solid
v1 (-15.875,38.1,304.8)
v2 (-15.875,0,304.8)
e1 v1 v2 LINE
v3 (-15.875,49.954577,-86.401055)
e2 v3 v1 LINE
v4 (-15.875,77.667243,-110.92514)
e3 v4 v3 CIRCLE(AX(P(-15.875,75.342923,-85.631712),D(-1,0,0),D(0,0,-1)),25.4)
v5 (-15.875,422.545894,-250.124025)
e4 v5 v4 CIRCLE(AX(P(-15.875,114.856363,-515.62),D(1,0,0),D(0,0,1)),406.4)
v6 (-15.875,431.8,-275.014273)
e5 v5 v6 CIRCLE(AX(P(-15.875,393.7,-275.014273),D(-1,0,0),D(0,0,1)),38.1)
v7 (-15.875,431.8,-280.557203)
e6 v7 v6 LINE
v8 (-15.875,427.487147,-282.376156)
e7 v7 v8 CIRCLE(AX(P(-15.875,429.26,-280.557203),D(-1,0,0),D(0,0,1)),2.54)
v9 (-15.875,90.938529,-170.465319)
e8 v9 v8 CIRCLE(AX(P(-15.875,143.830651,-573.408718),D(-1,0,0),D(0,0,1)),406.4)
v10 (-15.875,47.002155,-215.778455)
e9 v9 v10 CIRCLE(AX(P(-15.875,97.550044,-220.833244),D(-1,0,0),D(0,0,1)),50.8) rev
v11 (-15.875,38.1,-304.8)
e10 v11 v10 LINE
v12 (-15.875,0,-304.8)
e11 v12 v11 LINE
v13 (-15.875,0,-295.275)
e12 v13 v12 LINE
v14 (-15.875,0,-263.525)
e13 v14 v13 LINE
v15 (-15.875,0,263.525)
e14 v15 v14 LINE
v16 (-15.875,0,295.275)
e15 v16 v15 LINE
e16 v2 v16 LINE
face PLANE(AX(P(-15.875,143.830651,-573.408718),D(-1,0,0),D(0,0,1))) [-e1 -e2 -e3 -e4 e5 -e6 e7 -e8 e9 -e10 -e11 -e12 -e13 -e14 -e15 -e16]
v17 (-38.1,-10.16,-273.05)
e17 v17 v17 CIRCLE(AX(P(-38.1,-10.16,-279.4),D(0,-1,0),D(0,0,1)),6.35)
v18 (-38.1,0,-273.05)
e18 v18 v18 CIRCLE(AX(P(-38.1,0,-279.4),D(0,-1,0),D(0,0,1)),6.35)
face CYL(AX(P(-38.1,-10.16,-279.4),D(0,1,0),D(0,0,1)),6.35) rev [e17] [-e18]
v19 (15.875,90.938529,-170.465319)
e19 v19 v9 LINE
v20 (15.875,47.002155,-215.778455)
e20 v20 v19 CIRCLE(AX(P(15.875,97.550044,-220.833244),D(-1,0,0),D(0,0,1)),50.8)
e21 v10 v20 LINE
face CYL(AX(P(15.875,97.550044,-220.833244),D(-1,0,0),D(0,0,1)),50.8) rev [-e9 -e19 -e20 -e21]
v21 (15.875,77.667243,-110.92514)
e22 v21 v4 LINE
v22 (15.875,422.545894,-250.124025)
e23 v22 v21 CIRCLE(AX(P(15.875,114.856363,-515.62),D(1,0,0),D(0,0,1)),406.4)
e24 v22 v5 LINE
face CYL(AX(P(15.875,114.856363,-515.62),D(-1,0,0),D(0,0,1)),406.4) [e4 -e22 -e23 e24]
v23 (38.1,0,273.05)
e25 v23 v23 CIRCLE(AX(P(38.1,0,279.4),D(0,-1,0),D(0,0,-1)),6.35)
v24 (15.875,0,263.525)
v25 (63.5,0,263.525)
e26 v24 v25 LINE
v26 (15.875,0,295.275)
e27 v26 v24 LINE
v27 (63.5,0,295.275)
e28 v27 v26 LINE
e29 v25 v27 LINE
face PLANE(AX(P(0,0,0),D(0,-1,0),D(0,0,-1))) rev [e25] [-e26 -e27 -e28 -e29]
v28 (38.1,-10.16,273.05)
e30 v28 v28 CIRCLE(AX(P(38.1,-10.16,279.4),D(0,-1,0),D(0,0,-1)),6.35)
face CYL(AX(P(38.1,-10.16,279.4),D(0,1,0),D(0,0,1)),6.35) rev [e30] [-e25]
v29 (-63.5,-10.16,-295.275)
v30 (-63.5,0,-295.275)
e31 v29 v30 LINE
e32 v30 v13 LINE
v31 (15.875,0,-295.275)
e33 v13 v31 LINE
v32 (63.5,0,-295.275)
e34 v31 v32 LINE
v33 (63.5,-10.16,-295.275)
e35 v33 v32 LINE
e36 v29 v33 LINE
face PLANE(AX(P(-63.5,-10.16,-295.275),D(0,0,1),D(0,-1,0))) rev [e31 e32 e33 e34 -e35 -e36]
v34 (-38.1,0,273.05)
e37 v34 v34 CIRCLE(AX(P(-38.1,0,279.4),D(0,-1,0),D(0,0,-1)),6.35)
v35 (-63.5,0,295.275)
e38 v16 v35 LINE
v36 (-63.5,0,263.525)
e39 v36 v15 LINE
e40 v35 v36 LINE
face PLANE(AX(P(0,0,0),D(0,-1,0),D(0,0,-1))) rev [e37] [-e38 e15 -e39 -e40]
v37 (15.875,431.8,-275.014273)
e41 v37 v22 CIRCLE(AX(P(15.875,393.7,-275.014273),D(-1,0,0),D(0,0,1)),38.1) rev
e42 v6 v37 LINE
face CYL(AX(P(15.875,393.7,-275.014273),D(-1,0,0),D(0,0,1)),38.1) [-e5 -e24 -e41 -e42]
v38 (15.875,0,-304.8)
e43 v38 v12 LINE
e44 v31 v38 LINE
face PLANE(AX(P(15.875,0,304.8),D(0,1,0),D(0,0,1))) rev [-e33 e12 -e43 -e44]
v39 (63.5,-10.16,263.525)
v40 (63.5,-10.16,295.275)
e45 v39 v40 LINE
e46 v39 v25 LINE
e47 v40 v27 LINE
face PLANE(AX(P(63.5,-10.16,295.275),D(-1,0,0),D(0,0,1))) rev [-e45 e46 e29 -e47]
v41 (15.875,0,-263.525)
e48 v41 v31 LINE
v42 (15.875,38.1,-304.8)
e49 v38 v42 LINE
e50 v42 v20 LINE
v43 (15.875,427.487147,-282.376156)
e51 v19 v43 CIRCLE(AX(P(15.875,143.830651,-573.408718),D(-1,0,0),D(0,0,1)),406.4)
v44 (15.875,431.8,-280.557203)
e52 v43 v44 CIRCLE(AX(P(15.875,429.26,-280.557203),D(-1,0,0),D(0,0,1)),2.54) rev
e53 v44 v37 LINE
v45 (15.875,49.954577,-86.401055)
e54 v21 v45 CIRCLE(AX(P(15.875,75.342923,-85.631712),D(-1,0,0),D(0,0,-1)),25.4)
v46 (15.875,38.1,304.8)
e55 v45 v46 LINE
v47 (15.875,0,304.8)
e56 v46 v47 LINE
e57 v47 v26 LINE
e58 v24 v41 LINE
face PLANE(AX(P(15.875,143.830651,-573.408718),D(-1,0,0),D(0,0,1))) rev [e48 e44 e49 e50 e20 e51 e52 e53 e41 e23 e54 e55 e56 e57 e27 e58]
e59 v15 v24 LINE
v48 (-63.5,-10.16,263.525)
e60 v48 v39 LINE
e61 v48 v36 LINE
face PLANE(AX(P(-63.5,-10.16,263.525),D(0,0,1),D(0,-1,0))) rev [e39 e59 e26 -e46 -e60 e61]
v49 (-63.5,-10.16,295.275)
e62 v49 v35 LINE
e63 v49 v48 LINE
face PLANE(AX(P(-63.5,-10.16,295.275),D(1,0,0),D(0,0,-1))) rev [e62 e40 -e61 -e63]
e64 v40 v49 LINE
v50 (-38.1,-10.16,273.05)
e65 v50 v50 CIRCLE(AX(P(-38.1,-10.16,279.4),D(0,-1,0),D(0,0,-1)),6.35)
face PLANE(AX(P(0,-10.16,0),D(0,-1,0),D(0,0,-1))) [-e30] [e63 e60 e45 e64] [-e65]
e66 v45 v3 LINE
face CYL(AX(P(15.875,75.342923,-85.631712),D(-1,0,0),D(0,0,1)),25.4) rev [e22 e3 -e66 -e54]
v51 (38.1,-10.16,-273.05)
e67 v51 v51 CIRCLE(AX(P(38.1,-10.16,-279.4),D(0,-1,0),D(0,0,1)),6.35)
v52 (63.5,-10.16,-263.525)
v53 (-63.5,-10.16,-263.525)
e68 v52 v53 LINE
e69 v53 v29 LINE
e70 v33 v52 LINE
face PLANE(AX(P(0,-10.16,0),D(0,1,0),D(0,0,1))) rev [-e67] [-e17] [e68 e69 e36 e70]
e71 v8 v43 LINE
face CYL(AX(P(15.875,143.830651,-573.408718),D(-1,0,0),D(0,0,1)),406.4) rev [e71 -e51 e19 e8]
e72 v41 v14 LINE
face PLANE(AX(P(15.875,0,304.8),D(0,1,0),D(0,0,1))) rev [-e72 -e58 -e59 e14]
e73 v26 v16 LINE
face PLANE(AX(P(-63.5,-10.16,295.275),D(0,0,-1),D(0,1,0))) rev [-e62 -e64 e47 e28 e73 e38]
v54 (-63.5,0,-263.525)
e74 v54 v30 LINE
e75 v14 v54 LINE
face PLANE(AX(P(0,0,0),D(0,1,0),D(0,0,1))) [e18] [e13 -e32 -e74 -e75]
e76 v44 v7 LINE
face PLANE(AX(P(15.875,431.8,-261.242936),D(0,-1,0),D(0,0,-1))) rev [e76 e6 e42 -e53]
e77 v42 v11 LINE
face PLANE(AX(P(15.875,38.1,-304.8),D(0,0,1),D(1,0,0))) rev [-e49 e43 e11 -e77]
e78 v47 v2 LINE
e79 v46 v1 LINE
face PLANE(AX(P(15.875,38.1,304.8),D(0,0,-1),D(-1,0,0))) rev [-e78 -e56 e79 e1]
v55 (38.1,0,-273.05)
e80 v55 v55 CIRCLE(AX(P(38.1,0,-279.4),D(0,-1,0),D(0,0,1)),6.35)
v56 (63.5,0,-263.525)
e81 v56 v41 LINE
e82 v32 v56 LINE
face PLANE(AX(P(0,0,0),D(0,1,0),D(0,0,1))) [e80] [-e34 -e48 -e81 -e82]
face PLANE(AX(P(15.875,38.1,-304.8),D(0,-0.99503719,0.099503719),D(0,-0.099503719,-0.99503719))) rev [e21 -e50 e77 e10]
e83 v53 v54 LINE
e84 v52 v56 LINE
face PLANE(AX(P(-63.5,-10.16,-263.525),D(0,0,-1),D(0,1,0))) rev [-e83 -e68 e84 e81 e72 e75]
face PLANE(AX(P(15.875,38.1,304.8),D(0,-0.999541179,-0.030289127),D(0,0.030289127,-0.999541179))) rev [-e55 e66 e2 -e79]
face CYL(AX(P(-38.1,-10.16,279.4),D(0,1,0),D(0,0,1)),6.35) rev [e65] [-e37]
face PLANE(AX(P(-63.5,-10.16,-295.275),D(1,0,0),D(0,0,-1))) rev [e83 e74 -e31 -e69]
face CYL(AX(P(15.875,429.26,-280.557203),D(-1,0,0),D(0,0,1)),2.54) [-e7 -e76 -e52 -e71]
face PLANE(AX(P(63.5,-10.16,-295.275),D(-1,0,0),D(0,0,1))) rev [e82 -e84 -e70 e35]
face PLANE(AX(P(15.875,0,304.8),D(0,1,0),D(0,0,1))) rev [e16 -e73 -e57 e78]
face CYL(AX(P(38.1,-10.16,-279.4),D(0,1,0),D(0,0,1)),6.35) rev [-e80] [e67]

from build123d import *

# Parameters (mm, degrees)
BOSS_EXTRUDE1_DEPTH = 15.875
FILLET1_R           = 38.1
FILLET2_R           = 50.8
SKETCH2_W           = 127
SKETCH2_H           = 31.75
SKETCH2_R           = 6.35
BOSS_EXTRUDE2_DEPTH = 10.16
FILLET3_R           = 2.54


with BuildPart() as part:
    # Sketch1 → Boss-Extrude1 (new, symmetric)
    with BuildSketch(Plane(origin=(0, 0, 0), x_dir=(0, 0, -1), z_dir=(1, 0, 0))):
        with BuildLine():
            Line((-304.8, 0), (304.8, 0))
            Line((304.8, 0), (304.8, 38.1))
            Line((304.8, 38.1), (177.8, 50.8))
            ThreePointArc((177.8, 50.8), (182.64153721, 255.463845718), (286.642935854, 431.8))
            Line((286.642935854, 431.8), (261.242935854, 431.8))
            ThreePointArc((261.242935854, 431.8), (141.525824012, 273.647129076), (110.92514038, 77.667243347))
            ThreePointArc((110.92514038, 77.667243347), (104.653146696, 58.510068346), (86.40105547, 49.954577438))
            Line((86.40105547, 49.954577438), (-304.8, 38.1))
            Line((-304.8, 38.1), (-304.8, 0))
        make_face()
    extrude(amount=BOSS_EXTRUDE1_DEPTH, both=True)

    # Fillet1
    fillet1_edges = [part.edges().sort_by_distance(p)[0] for p in [
        (0, 431.8, -261.242935854),
    ]]
    fillet(fillet1_edges, radius=FILLET1_R)

    # Fillet2
    fillet2_edges = [part.edges().sort_by_distance(p)[0] for p in [
        (0, 50.8, -177.8),
    ]]
    fillet(fillet2_edges, radius=FILLET2_R)

    # Sketch2 → Boss-Extrude2 (add)
    # profile 1 of 2: a face of its own
    with BuildSketch(Plane.XZ):
        with Locations((0, 279.4)):
            Rectangle(SKETCH2_W, SKETCH2_H)
        with Locations(Location((-38.1, 279.4, 0), (0, 0, 270))):
            Circle(SKETCH2_R, mode=Mode.SUBTRACT)
        with Locations(Location((38.1, 279.4, 0), (0, 0, 270))):
            Circle(SKETCH2_R, mode=Mode.SUBTRACT)
    # profile 2 of 2: a face of its own
    with BuildSketch(Plane.XZ):
        with Locations((0, -279.4)):
            Rectangle(SKETCH2_W, SKETCH2_H)
        with Locations(Location((38.1, -279.4, 0), (0, 0, 90))):
            Circle(SKETCH2_R, mode=Mode.SUBTRACT)
        with Locations(Location((-38.1, -279.4, 0), (0, 0, 90))):
            Circle(SKETCH2_R, mode=Mode.SUBTRACT)
    extrude(amount=BOSS_EXTRUDE2_DEPTH)

    # Fillet3
    fillet3_edges = [part.edges().sort_by_distance(p)[0] for p in [
        (0, 431.8, -286.642935854),
    ]]
    fillet(fillet3_edges, radius=FILLET3_R)


solid = part.part
